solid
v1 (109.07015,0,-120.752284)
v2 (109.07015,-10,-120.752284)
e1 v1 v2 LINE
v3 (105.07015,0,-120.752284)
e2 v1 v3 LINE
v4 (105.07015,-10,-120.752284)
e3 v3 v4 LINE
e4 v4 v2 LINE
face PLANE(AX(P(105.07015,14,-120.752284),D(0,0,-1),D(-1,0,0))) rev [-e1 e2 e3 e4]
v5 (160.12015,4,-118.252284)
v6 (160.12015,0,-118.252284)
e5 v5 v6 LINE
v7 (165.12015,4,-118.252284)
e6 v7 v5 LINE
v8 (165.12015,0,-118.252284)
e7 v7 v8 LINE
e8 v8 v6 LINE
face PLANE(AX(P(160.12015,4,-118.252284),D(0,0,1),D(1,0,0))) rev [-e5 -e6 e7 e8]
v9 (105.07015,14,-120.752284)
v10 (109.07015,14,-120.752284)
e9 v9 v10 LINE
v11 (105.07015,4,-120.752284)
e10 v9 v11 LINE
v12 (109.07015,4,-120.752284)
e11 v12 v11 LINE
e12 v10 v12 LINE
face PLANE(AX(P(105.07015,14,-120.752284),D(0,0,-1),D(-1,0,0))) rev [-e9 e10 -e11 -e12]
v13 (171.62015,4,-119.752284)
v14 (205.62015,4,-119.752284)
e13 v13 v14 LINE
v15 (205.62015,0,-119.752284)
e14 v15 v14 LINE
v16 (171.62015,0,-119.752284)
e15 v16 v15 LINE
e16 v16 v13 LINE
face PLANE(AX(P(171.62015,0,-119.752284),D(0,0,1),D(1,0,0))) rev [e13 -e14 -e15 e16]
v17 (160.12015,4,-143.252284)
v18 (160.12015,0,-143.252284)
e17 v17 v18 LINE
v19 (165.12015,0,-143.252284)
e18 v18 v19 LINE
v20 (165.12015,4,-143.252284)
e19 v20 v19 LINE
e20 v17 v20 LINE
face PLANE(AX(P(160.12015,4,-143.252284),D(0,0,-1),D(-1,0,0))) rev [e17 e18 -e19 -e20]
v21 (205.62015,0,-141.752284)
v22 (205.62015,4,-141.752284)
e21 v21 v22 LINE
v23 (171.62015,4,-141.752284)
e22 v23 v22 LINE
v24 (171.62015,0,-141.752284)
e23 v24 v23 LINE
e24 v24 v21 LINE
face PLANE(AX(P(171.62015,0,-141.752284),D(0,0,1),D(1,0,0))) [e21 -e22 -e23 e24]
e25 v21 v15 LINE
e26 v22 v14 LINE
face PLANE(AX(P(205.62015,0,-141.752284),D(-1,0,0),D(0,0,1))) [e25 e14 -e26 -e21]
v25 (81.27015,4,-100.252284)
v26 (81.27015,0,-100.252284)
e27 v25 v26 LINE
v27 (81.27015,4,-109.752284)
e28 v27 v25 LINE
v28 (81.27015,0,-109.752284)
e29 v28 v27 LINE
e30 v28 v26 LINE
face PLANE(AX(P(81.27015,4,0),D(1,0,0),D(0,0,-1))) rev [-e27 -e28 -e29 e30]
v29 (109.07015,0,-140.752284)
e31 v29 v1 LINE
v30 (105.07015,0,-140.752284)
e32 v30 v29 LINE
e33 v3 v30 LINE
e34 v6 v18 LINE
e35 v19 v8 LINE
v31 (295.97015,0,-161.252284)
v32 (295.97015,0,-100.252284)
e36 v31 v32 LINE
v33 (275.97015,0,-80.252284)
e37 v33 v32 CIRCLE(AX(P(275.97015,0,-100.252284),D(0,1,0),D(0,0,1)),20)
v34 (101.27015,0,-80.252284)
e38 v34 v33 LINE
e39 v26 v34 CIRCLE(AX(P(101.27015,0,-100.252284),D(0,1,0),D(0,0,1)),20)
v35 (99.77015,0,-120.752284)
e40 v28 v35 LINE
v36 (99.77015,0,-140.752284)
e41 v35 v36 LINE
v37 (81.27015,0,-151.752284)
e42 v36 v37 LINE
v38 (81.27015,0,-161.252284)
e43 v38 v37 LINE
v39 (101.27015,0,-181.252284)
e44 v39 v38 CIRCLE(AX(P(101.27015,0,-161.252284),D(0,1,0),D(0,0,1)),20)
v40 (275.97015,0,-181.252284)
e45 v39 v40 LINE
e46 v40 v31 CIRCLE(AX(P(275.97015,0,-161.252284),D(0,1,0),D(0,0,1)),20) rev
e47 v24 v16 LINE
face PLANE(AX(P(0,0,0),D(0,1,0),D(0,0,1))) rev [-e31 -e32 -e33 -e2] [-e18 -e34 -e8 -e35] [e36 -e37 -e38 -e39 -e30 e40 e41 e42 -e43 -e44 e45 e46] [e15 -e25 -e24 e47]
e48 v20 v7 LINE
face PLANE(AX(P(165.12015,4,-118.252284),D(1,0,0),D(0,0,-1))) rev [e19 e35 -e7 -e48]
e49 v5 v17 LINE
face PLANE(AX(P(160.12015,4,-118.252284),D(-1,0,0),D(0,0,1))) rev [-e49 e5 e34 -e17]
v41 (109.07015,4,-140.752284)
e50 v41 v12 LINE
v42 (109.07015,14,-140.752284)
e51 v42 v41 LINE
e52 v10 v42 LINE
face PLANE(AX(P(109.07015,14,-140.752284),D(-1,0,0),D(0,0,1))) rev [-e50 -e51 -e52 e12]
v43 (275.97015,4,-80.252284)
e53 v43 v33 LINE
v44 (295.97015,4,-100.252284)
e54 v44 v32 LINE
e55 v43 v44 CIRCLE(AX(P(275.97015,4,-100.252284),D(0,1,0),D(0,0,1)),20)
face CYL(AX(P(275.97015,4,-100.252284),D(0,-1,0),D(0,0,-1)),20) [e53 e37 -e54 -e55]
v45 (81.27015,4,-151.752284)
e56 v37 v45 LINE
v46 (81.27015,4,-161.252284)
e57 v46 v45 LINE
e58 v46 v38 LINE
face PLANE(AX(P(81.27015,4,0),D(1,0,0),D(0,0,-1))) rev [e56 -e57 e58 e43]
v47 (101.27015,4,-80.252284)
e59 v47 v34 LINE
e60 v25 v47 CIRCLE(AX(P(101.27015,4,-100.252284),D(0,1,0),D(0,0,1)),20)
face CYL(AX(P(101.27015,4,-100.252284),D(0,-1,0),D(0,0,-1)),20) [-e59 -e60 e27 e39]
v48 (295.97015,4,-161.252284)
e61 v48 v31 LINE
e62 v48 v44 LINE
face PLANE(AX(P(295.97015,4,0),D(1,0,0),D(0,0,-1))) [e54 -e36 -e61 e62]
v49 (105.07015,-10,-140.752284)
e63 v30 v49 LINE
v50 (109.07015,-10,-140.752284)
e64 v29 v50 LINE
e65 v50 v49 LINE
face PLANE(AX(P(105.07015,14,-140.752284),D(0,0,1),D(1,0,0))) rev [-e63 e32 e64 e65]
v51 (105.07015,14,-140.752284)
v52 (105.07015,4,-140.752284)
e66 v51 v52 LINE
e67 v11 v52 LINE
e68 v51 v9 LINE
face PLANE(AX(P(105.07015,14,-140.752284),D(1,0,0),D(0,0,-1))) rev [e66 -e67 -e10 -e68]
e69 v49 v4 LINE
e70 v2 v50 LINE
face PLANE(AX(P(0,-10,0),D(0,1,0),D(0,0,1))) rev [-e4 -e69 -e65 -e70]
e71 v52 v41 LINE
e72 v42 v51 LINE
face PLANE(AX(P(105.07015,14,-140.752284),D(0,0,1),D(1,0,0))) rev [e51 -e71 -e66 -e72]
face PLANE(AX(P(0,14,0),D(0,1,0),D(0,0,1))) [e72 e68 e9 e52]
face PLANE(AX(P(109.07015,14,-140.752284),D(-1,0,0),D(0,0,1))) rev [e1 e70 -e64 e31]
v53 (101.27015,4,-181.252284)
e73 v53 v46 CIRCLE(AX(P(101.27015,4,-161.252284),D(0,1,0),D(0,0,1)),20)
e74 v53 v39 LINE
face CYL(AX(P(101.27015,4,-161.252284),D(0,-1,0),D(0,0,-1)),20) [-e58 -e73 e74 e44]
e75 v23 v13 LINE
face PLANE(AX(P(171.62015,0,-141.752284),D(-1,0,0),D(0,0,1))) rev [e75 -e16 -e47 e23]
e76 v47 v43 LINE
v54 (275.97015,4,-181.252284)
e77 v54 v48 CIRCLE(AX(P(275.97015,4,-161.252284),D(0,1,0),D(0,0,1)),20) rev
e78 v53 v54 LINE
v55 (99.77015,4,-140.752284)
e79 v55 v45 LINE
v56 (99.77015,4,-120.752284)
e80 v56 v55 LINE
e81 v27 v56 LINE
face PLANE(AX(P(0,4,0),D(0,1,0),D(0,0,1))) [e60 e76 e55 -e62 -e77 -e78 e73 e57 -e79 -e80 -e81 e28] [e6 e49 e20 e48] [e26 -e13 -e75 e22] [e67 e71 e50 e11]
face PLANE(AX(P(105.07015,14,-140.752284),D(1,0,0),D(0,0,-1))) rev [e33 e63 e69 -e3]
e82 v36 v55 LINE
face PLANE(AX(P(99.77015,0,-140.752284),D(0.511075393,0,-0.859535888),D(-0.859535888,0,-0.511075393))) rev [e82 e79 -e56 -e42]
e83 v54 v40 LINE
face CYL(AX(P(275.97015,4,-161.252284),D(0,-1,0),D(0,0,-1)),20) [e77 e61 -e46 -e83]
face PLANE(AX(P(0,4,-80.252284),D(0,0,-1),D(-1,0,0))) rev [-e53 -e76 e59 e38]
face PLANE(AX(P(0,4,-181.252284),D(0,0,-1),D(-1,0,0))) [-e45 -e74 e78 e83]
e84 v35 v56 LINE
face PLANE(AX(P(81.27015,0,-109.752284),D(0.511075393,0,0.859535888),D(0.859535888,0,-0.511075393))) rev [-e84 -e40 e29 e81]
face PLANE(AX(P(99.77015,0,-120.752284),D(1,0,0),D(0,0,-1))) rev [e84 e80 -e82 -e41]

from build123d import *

# Parameters (mm, degrees)
BOSS_EXTRUDE7_DEPTH      = 4
SKETCH3_W                = 34
SKETCH3_H                = 22
CUT_EXTRUDE2_DEPTH       = 4
CUT_EXTRUDE3_DEPTH       = 4
SKETCH7_W                = 4
SKETCH7_H                = 20
BOSS_EXTRUDE9_DEPTH      = 10
BOSS_EXTRUDE9_DEPTH_BACK = 14
SKETCH9_W                = 5
SKETCH9_H                = 25
CUT_EXTRUDE4_DEPTH       = 4


with BuildPart() as part:
    # Sketch1 → Boss-Extrude7 (new body)
    with BuildSketch(Plane(origin=(0, 0, 0), x_dir=(1, 0, 0), z_dir=(0, 1, 0))):
        with BuildLine():
            Line((101.270150391, 181.252283774), (275.970150391, 181.252283774))
            ThreePointArc((275.970150391, 181.252283774), (290.112286015, 175.394419397), (295.970150391, 161.252283774))
            Line((295.970150391, 161.252283774), (295.970150391, 100.252283774))
            ThreePointArc((295.970150391, 100.252283774), (290.112286015, 86.11014815), (275.970150391, 80.252283774))
            Line((275.970150391, 80.252283774), (101.270150391, 80.252283774))
            ThreePointArc((101.270150391, 80.252283774), (87.128014768, 86.11014815), (81.270150391, 100.252283774))
            Line((81.270150391, 100.252283774), (81.270150391, 161.252283774))
            ThreePointArc((81.270150391, 161.252283774), (87.128014768, 175.394419397), (101.270150391, 181.252283774))
        make_face()
    extrude(amount=BOSS_EXTRUDE7_DEPTH)

    # Sketch3 → Cut-Extrude2 (cut)
    with BuildSketch(Plane(origin=(0, 4, 0), x_dir=(1, 0, 0), z_dir=(0, 1, 0))):
        with Locations((188.620150391, 130.752283774)):
            Rectangle(SKETCH3_W, SKETCH3_H)
    extrude(amount=-CUT_EXTRUDE2_DEPTH, mode=Mode.SUBTRACT)

    # Sketch6 → Cut-Extrude3 (cut)
    with BuildSketch(Plane(origin=(0, 4, 0), x_dir=(1, 0, 0), z_dir=(0, 1, 0))):
        Polygon((81.270150391, 151.752283774), (81.270150391, 109.752283774), (99.770150391, 120.752283774), (99.770150391, 140.752283774), align=None)
    extrude(amount=-CUT_EXTRUDE3_DEPTH, mode=Mode.SUBTRACT)

    # Sketch7 → Boss-Extrude9 (add, two sides)
    with BuildSketch(Plane(origin=(0, 4, 0), x_dir=(1, 0, 0), z_dir=(0, 1, 0))) as boss_extrude9_sk:
        with Locations((107.070150391, 130.752283774)):
            Rectangle(SKETCH7_W, SKETCH7_H)
    extrude(amount=BOSS_EXTRUDE9_DEPTH)
    extrude(boss_extrude9_sk.sketch, amount=-BOSS_EXTRUDE9_DEPTH_BACK)

    # Sketch9 → Cut-Extrude4 (cut)
    with BuildSketch(Plane(origin=(0, 0, 0), x_dir=(-1, 0, 0), z_dir=(0, -1, 0))):
        with Locations((-162.620150391, 130.752283774)):
            Rectangle(SKETCH9_W, SKETCH9_H)
    extrude(amount=-CUT_EXTRUDE4_DEPTH, mode=Mode.SUBTRACT)


solid = part.part
